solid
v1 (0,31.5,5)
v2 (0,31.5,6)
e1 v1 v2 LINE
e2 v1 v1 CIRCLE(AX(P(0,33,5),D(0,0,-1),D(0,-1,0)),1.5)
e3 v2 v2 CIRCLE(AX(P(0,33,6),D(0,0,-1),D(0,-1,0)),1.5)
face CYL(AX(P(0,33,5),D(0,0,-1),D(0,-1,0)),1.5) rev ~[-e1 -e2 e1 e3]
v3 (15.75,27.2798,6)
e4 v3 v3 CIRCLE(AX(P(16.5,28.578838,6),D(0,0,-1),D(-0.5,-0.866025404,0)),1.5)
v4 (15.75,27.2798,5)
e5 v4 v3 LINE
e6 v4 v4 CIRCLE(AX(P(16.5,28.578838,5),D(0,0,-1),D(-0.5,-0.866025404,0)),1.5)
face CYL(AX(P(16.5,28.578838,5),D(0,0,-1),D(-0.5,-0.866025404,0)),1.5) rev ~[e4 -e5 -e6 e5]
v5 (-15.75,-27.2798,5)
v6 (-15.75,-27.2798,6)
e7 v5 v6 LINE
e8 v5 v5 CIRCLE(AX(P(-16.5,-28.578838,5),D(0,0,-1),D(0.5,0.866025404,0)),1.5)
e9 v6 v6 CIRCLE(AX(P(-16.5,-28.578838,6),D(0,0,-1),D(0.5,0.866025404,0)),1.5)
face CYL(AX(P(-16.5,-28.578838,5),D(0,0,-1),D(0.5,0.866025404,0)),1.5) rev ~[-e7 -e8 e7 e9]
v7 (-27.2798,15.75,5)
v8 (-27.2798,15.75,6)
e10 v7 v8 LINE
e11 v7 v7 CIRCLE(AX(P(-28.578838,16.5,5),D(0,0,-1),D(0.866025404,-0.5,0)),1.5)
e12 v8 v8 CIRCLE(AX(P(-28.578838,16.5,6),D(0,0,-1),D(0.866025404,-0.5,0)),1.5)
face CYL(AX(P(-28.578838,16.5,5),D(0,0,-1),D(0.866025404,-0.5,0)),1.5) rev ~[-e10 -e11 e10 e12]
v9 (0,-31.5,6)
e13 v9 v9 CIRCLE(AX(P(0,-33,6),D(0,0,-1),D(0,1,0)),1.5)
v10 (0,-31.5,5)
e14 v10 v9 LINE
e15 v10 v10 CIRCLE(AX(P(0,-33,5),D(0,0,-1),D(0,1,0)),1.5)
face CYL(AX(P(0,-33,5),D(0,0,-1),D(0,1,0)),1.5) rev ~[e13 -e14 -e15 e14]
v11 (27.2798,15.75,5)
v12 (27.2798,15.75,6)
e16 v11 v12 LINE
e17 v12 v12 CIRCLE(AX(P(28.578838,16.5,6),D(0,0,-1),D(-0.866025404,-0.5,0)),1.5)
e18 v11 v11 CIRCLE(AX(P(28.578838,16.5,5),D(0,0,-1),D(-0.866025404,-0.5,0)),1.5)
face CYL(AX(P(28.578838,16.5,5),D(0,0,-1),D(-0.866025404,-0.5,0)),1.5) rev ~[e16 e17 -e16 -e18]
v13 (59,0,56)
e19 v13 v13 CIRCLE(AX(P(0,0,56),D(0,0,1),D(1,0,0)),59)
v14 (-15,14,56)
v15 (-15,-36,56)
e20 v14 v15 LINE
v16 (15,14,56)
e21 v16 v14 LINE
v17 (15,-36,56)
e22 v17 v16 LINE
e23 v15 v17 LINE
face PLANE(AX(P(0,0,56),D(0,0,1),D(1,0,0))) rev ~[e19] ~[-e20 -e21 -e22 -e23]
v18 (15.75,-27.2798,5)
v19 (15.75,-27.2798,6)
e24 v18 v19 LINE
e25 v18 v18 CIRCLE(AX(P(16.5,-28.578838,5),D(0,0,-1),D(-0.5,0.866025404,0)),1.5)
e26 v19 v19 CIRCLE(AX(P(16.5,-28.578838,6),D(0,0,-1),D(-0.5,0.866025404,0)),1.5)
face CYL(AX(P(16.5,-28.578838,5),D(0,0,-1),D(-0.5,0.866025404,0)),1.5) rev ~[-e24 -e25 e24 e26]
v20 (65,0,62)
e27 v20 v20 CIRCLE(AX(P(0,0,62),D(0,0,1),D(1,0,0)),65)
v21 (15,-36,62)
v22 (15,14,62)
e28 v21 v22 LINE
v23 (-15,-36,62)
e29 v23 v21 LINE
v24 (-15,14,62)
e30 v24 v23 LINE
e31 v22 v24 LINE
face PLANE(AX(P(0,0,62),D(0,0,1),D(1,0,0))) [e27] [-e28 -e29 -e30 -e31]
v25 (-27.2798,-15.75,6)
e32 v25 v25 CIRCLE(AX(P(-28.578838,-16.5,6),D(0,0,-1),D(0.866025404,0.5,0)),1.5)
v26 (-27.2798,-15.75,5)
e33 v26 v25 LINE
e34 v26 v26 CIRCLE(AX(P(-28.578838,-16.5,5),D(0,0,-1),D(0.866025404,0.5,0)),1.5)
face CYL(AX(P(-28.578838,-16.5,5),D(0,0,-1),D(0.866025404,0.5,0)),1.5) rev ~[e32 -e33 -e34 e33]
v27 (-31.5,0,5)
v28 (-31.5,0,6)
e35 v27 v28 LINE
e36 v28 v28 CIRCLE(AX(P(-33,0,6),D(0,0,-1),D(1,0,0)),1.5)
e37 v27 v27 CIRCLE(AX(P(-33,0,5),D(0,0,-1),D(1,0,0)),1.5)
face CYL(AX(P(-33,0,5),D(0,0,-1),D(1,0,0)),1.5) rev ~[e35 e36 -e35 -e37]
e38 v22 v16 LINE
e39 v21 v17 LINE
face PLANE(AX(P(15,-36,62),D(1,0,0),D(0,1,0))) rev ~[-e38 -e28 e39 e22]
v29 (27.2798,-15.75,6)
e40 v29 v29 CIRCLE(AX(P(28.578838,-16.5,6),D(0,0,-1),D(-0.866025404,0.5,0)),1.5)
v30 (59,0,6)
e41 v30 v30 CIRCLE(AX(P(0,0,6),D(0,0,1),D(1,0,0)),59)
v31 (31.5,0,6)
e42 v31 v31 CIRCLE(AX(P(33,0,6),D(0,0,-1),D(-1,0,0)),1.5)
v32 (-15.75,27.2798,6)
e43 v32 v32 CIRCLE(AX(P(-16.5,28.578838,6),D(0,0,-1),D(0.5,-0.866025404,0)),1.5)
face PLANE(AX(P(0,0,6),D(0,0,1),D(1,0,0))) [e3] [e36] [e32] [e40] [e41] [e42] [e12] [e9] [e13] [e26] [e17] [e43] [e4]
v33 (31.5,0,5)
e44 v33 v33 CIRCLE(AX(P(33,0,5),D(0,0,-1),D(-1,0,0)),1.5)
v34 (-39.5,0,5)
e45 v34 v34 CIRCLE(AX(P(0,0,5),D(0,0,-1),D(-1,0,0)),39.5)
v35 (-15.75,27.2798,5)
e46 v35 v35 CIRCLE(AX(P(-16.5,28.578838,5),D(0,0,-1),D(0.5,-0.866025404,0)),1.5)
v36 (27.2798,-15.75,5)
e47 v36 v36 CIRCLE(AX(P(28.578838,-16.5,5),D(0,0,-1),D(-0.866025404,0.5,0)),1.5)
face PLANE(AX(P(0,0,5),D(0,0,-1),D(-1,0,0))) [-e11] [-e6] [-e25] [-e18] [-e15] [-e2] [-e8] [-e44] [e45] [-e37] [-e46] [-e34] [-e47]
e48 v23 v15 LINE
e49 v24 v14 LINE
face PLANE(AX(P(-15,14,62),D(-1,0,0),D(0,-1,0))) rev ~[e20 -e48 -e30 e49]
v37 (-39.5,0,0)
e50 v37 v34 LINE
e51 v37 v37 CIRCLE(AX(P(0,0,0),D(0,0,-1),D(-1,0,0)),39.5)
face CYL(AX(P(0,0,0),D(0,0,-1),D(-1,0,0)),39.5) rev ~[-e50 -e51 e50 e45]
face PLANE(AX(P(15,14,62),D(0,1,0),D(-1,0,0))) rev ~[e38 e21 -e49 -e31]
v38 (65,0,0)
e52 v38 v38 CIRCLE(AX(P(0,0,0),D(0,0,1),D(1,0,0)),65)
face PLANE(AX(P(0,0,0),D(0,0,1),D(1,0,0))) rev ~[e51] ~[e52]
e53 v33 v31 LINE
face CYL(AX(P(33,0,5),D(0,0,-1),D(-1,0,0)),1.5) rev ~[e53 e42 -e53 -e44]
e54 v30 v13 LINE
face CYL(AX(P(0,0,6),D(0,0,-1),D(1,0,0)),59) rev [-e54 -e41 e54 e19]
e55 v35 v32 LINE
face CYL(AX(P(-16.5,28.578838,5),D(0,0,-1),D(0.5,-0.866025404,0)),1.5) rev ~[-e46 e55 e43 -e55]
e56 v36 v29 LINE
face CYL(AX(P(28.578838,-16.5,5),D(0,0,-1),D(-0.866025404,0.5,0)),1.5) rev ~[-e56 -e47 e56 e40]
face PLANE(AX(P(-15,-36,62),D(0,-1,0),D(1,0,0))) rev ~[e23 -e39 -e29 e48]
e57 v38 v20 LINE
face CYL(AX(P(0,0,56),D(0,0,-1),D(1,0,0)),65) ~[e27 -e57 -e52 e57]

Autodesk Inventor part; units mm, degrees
ref_plane "YZ Plane" through (0, 0, 0) normal (1, 0, 0) x (0, 1, 0)
ref_plane "XZ Plane" through (0, 0, 0) normal (0, 1, 0) x (-1, 0, 0)
ref_plane "XY Plane" through (0, 0, 0) normal (0, 0, 1) x (1, 0, 0)
sketch "Sketch1" plane through (0, 0, 0) normal (0, 0, 1) x (1, 0, 0)
  circle A0 centre (0, 0) radius 65
  dimension "d0" = 130
extrude "Extrusion1" add sketch "Sketch1" along normal blind 6
sketch "Sketch2" plane through (0, 0, 6) normal (0, 0, 1) x (1, 0, 0)
  circle A0 centre (0, 0) radius 65
  circle A1 centre (0, 0) radius 65 projected
  circle A2 centre (0, 0) radius 59
  dimension "d3" = 6
extrude "Extrusion2" add sketch "Sketch2" along normal blind 50
sketch "Sketch3" plane through (0, 0, 56) normal (0, 0, 1) x (1, 0, 0)
  circle A0 centre (0, 0) radius 65
extrude "Extrusion3" add sketch "Sketch3" along normal blind 6
sketch "Sketch4" plane through (0, 0, 62) normal (0, 0, 1) x (1, 0, 0)
  line L0 (0, 0) -> (0, -36) construction
  line L1 (15, 14) -> (-15, 14)
  line L2 (-15, 14) -> (-15, -36)
  line L3 (-15, -36) -> (15, -36)
  line L4 (15, -36) -> (15, 14)
  point P0 (-15, 0)
  point P1 (0, 14)
  dimension "d25" = 36
  dimension "d26" = 50
  dimension "d27" = 30
extrude "Extrusion4" cut sketch "Sketch4" against normal blind 6
sketch "Sketch5" plane through (0, 0, 62) normal (0, 0, 1) x (1, 0, 0)
  line L0 (15, 25) -> (25, 25)
  line L1 (25, 25) -> (25, -5)
  line L2 (25, -5) -> (15, -5)
  line L3 (15, -5) -> (15, 25)
  point P0 (0, 0)
  dimension "d13" = 30
  dimension "d14" = 10
extrude "Extrusion5" [suppressed]
sketch "Sketch6" plane through (15, -25, 56) normal (-1, 0, 0) x (0, 0, 1)
  circle A0 centre (33, 23.5) radius 1
  circle A1 centre (33, 6.5) radius 1
  line L0 (36, 30) -> (36, 0) projected
  line L1 (33, 23.5) -> (33, 6.5) construction
  point P0 (-56, 25)
  point P1 (36, 15)
  point P2 (33, 15)
  dimension "d17" = 17
  dimension "d19" = 2
  dimension "d20" = 2
  dimension "d21" = 3
extrude "Extrusion6" [suppressed]
sketch "Sketch7" plane through (0, 0, 0) normal (0, 0, -1) x (-1, 0, 0)
  circle A0 centre (0, 0) radius 39.5
  dimension "d28" = 79
extrude "Extrusion7" cut sketch "Sketch7" against normal blind 5
sketch "Sketch8" plane through (0, 0, 5) normal (0, 0, -1) x (-1, 0, 0)
  circle A0 centre (-33, 0) radius 1.5
  point P0 (0, 0)
  dimension "d31" = 3
  dimension "d32" = 33
extrude "Extrusion8" cut sketch "Sketch8" against normal blind 5
pattern_circular "Circular Pattern1" count 12 over 360 about axis through (0, 0, 0) along (0, 0, 1) of "Extrusion8"
properties part number "per_base"
